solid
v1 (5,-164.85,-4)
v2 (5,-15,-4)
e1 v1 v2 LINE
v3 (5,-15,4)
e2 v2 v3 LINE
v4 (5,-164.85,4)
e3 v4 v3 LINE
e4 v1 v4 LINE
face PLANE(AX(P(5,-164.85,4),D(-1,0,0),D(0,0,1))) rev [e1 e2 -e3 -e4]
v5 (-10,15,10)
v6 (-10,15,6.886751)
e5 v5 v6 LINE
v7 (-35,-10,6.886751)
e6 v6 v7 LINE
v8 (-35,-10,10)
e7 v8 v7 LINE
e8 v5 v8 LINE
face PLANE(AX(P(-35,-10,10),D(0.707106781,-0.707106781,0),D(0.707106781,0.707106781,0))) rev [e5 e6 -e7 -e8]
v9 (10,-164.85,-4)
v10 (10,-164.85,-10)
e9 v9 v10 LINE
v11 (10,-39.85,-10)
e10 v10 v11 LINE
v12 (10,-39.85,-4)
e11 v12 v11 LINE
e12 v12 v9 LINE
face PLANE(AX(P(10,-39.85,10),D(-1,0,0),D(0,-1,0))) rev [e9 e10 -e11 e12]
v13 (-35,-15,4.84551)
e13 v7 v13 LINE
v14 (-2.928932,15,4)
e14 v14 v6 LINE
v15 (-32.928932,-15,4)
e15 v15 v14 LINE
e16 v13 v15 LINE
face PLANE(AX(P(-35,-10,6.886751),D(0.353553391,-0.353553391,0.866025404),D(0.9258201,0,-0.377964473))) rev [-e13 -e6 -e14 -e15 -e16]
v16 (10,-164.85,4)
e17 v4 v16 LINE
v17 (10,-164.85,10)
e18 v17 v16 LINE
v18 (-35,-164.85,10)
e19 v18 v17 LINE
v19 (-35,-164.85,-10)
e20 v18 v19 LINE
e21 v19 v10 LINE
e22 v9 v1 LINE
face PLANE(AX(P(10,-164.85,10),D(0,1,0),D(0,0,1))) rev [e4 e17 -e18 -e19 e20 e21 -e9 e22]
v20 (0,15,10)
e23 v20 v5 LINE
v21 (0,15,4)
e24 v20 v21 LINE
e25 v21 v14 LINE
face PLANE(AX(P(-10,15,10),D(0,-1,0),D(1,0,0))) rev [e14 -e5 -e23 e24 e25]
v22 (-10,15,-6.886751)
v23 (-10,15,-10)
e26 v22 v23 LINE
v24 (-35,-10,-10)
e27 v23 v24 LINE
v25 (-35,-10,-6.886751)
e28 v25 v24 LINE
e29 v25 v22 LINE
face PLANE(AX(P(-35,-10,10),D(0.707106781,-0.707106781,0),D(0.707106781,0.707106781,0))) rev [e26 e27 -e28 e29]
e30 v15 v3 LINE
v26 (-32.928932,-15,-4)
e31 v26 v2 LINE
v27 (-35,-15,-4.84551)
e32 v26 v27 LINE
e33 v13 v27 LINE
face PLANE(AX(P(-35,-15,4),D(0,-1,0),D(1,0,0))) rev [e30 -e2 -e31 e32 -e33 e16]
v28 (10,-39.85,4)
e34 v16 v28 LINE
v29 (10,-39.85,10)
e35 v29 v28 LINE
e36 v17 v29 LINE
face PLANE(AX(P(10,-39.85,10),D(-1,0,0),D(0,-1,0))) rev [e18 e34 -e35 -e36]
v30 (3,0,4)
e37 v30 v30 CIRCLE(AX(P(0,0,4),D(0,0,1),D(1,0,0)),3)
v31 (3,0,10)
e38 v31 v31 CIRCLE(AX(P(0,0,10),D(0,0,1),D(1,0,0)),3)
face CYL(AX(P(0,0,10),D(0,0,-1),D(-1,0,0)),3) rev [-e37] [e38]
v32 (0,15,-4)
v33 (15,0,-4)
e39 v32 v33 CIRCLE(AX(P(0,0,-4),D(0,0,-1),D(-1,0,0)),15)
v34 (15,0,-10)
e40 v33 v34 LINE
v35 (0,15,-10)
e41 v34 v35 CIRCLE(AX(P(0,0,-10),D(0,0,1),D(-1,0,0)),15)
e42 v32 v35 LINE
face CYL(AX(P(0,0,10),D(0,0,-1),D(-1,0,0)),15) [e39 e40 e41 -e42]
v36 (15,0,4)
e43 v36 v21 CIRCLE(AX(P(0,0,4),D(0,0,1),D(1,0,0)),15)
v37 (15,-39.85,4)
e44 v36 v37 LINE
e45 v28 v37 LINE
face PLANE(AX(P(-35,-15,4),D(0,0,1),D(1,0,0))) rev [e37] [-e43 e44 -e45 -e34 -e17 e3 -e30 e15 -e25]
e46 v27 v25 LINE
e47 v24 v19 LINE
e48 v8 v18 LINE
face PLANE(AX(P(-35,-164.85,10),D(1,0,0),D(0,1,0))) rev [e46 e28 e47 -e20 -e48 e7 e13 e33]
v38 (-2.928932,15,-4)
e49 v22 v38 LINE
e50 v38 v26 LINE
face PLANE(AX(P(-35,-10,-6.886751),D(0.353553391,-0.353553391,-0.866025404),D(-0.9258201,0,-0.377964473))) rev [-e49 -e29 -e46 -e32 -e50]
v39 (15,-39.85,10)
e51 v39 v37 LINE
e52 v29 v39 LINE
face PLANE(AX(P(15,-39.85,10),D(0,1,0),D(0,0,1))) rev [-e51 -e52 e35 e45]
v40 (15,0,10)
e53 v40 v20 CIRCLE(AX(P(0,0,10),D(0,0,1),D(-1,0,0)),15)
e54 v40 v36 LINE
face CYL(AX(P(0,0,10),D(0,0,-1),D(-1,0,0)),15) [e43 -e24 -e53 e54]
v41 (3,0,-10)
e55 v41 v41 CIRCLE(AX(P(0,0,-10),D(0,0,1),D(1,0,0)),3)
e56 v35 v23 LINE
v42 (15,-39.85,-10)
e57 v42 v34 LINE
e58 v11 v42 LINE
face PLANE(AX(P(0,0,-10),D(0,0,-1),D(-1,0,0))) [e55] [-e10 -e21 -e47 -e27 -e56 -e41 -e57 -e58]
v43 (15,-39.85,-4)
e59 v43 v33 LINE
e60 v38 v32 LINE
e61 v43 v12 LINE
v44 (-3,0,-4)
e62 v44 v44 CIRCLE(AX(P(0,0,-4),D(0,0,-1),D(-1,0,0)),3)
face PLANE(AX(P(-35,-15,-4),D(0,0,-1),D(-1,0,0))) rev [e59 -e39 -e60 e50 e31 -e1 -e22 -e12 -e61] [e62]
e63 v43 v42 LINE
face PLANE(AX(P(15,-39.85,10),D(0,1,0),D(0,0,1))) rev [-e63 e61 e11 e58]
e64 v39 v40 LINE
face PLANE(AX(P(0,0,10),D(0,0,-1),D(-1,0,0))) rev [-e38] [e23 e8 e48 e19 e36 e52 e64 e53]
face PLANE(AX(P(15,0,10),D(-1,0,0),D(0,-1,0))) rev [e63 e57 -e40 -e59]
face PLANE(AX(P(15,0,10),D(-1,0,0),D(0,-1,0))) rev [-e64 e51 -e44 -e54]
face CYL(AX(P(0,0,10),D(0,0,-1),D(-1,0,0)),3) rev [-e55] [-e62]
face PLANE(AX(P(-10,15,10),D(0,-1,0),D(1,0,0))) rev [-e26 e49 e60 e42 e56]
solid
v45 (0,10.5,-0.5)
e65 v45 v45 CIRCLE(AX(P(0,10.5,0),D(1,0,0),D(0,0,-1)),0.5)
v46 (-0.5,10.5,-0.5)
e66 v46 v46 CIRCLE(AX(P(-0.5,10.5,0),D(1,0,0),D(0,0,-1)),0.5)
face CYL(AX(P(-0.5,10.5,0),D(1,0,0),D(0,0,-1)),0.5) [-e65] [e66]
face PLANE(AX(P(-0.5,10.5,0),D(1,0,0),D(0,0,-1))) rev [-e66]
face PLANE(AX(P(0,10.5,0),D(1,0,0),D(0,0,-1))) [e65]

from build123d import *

# Parameters (mm, degrees)
ESQUISSE1_R             = 3
EXTRUSION1_DEPTH        = 10
EXTRUSION1_DEPTH_BACK   = 10
ESQUISSE2_W             = 8
ESQUISSE2_H             = 38.994969405
ENL_V_MAT_EXTRU_2_DEPTH = 51
CHANFREIN1_SIZE         = 5
CHANFREIN1_SIZE2        = 2.886751346
CHANFREIN1_PART_2_SIZE  = 5
CHANFREIN1_PART_2_SIZE2 = 2.886751346
ESQUISSE3_W             = 10.585305106
ESQUISSE3_H             = 8
ENL_V_MAT_EXTRU_3_DEPTH = 150.85
ESQUISSE4_R             = 0.5
EXTRUSION2_DEPTH        = 0.5


with BuildPart() as part:
    # Esquisse1 → Extrusion1 (new body, two sides)
    with BuildSketch(Plane.XY) as extrusion1_sk:
        with BuildLine():
            Line((-35, -10), (-10, 15))
            Line((-10, 15), (0, 15))
            ThreePointArc((0, 15), (10.606601718, 10.606601718), (15, 0))
            Line((15, 0), (15, -39.85))
            Line((15, -39.85), (10, -39.85))
            Line((10, -39.85), (10, -164.85))
            Line((10, -164.85), (-35, -164.85))
            Line((-35, -164.85), (-35, -10))
        make_face()
        Circle(ESQUISSE1_R, mode=Mode.SUBTRACT)
    extrude(amount=EXTRUSION1_DEPTH)
    extrude(extrusion1_sk.sketch, amount=-EXTRUSION1_DEPTH_BACK)

    # Esquisse2 → Enl_v. mat.-Extru.2 (cut, through all)
    with BuildSketch(Plane(origin=(15, 0, 0), x_dir=(0, 0, -1), z_dir=(1, 0, 0))):
        with Locations((0, 4.497484703)):
            Rectangle(ESQUISSE2_W, ESQUISSE2_H)
    extrude(amount=-ENL_V_MAT_EXTRU_2_DEPTH, mode=Mode.SUBTRACT)

    # Chanfrein1
    chanfrein1_edges = [part.edges().sort_by_distance(p)[0] for p in [
        (-22.5, 2.5, 4),
    ]]
    chanfrein1_side = [part.faces().sort_by_distance(p)[0] for p in [
        (-6.507250636, -2.381616227, 4),
    ]]
    chamfer(chanfrein1_edges, length=CHANFREIN1_SIZE, length2=CHANFREIN1_SIZE2, reference=chanfrein1_side[0])

    # Chanfrein1 part 2
    chanfrein1_part_2_edges = [part.edges().sort_by_distance(p)[0] for p in [
        (-22.5, 2.5, -4),
    ]]
    chanfrein1_part_2_side = [part.faces().sort_by_distance(p)[0] for p in [
        (-6.507250636, -2.381616227, -4),
    ]]
    chamfer(chanfrein1_part_2_edges, length=CHANFREIN1_PART_2_SIZE, length2=CHANFREIN1_PART_2_SIZE2, reference=chanfrein1_part_2_side[0])

    # Esquisse3 → Enl_v. mat.-Extru.3 (cut, through all)
    with BuildSketch(Plane(origin=(0, -15, 0), x_dir=(-1, 0, 0), z_dir=(0, 1, 0))):
        with Locations((-10.292652553, 0)):
            Rectangle(ESQUISSE3_W, ESQUISSE3_H)
    extrude(amount=-ENL_V_MAT_EXTRU_3_DEPTH, mode=Mode.SUBTRACT)


with BuildPart() as body_2:
    # Esquisse4 → Extrusion2 (new body)
    with BuildSketch(Plane(origin=(0, 0, 0), x_dir=(0, 0, -1), z_dir=(1, 0, 0))):
        with Locations((0, 10.5)):
            Circle(ESQUISSE4_R)
    extrude(amount=-EXTRUSION2_DEPTH)


solid = Compound([part.part, body_2.part])
